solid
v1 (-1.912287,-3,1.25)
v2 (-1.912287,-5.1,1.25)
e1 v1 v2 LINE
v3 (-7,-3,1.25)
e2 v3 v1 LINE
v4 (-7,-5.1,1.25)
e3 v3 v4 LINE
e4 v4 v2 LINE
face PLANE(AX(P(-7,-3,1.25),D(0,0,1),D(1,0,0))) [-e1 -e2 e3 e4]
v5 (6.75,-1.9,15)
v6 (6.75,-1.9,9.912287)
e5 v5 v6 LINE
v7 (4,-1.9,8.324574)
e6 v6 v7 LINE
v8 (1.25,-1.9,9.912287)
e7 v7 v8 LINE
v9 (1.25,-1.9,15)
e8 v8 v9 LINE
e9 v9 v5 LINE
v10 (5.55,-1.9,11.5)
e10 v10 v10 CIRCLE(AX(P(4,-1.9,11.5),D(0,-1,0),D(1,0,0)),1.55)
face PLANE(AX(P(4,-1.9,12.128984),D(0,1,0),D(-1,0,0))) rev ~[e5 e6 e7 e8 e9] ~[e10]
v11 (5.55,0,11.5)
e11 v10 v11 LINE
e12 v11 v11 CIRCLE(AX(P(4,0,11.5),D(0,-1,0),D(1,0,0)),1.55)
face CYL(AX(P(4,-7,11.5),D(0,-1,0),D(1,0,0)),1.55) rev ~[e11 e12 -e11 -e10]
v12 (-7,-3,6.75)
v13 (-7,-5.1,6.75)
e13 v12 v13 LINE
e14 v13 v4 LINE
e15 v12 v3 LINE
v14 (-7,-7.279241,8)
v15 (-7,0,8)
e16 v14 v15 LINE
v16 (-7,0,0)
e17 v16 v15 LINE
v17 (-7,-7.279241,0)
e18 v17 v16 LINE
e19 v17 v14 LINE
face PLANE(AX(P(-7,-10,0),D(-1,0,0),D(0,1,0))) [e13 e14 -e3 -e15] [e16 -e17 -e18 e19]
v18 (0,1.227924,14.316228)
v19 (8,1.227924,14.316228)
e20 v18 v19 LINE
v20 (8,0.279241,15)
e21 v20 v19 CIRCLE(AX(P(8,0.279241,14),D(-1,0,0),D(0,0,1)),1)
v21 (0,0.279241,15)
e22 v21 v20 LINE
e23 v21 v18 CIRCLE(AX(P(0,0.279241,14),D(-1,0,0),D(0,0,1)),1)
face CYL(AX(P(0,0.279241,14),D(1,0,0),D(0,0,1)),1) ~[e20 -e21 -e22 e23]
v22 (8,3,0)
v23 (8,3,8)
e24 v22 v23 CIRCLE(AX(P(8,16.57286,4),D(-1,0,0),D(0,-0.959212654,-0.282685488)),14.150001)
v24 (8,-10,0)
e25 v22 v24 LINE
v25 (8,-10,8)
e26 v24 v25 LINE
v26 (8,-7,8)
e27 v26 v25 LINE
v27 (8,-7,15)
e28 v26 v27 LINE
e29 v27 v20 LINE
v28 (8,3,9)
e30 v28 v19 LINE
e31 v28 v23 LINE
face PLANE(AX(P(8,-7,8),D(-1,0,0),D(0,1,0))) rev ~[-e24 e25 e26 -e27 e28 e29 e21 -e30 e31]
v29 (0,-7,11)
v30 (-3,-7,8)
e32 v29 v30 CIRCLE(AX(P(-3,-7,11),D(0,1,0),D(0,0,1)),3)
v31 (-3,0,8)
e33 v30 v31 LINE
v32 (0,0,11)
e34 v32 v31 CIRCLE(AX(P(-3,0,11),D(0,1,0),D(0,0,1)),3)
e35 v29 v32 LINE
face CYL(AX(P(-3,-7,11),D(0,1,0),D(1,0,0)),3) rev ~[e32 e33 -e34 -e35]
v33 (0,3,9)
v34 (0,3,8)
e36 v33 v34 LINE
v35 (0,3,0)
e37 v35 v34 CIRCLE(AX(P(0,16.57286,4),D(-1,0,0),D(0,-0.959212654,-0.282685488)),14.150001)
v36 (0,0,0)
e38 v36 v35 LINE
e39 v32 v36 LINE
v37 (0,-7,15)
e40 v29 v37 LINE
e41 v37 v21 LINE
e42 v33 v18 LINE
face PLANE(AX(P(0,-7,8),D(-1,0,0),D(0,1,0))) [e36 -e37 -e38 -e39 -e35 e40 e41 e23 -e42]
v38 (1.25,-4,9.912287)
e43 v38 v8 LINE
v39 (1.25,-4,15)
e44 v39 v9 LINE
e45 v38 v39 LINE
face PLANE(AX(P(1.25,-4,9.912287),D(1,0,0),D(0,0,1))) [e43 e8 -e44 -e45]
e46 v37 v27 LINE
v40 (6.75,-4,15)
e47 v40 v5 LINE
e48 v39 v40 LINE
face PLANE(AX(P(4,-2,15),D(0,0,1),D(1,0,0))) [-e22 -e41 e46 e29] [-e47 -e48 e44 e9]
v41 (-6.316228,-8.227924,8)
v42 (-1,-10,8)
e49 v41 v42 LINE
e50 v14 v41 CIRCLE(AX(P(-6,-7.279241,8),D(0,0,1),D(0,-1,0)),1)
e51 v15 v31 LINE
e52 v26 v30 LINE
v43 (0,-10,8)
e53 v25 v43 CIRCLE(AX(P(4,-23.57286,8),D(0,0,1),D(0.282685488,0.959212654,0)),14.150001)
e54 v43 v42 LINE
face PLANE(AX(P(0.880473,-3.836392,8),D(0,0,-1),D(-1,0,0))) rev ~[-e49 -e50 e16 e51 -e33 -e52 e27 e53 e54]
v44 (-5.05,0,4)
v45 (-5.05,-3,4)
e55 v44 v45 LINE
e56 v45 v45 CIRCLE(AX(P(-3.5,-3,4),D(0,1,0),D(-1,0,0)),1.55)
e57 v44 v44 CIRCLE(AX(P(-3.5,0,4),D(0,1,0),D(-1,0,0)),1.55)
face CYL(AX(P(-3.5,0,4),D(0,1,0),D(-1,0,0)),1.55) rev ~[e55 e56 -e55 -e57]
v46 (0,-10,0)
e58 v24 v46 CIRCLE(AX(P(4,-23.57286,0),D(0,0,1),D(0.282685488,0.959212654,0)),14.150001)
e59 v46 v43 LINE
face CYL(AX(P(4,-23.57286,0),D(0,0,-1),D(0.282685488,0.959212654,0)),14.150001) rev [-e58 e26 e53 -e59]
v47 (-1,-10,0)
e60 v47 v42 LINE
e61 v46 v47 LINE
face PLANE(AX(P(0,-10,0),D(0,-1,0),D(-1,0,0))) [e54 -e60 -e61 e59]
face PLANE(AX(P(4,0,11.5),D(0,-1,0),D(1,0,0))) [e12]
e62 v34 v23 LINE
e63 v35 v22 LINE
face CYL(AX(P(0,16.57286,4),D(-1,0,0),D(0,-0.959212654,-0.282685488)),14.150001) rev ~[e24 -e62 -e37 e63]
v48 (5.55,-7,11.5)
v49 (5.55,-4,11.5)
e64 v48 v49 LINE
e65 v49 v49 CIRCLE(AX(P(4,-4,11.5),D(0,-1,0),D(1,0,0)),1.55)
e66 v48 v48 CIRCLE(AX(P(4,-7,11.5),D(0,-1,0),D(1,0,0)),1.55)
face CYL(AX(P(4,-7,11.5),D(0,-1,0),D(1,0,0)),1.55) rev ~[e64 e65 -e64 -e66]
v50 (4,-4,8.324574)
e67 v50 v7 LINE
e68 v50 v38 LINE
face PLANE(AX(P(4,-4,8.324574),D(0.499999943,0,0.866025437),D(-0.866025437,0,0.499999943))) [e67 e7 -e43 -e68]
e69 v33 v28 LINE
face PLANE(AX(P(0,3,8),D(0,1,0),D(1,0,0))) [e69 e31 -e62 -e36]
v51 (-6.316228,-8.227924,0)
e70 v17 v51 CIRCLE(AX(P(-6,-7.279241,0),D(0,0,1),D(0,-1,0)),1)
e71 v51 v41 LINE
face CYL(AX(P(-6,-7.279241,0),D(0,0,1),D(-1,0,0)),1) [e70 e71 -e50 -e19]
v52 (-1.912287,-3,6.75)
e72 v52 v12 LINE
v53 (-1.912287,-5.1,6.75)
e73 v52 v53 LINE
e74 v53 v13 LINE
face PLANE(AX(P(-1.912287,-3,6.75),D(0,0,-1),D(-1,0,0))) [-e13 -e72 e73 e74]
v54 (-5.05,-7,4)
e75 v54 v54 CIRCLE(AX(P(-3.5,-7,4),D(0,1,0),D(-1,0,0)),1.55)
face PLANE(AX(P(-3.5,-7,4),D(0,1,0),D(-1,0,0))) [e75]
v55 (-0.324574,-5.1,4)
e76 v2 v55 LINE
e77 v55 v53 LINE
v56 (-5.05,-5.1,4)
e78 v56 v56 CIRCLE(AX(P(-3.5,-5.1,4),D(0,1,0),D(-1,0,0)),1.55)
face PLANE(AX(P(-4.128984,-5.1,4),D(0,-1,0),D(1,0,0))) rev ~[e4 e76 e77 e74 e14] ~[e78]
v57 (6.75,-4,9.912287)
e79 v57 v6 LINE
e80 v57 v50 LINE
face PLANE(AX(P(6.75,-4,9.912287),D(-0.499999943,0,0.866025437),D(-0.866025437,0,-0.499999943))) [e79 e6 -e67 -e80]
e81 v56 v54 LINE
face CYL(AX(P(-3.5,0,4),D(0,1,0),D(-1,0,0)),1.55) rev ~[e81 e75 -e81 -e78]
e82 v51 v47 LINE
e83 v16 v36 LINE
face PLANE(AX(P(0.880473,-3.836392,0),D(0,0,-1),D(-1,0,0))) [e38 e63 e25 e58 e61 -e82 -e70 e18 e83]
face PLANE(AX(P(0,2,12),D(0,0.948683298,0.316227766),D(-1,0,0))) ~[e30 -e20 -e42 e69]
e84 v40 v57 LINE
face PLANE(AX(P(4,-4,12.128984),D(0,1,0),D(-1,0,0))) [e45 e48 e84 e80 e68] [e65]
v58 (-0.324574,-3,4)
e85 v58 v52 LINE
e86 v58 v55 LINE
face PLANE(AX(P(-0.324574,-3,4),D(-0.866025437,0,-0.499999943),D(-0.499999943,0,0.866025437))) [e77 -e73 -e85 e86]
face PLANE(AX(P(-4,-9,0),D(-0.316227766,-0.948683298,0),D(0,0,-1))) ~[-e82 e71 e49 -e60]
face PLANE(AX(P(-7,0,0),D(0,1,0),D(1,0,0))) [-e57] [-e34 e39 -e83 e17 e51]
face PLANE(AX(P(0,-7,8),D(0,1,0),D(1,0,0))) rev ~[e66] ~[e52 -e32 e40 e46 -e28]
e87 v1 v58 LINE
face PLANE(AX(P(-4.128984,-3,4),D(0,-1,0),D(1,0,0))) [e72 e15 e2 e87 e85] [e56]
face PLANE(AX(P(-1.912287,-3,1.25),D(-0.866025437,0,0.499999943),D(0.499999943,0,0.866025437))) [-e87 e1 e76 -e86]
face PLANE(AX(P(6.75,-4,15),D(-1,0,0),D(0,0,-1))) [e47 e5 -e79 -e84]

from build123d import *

# Parameters (mm, degrees)
EXTRUDE002_DEPTH                          = 2.1
EXTRUDE002_ONTO_SKETCH006_ROLL_ANGLE      = 90
EXTRUDE001_DEPTH                          = 2.1
EXTRUDE001_ONTO_SKETCH005_ROLL_ANGLE      = 90
EXTRUDE001_ONTO_SKETCH005_PLACEMENT_ANGLE = 180
EXTRUDE_DEPTH                             = 8
SKETCH001_W                               = 8
SKETCH001_H                               = 10
PAD_DEPTH                                 = 7
POCKET_DEPTH                              = 8.001
SKETCH003_R                               = 1.55
POCKET001_DEPTH                           = 7
SKETCH004_R                               = 1.55
POCKET002_DEPTH                           = 7
CHAMFER_SIZE2                             = 2
CHAMFER_SIZE                              = 6
CHAMFER001_SIZE2                          = 6
CHAMFER001_SIZE                           = 2
FILLET_1_R                                = 3
FILLET_2_R                                = 1


with BuildPart() as extrude002:
    # Sketch006 as drawn → Extrude002 (new)
    with BuildSketch(Plane.XY):
        Polygon((4, 8.324574), (1.25, 9.912287), (1.25, 15), (6.75, 15), (6.75, 9.912287), align=None)
    extrude(amount=-EXTRUDE002_DEPTH)


with BuildPart() as extrude002_1:
    # Extrude002 onto Sketch006 roll: moved
    add(extrude002.part.rotate(Axis((0, 0, 0), (1, 0, 0)), EXTRUDE002_ONTO_SKETCH006_ROLL_ANGLE))


with BuildPart() as extrude002_2:
    # Extrude002 onto Sketch006 placement: moved
    add(extrude002_1.part.moved(Location((0, -7, 0))))


with BuildPart() as extrude002_3:
    # Extrude002 placement: moved
    add(extrude002_2.part.moved(Location((0, 3, 0))))


with BuildPart() as extrude001:
    # Sketch005 as drawn → Extrude001 (new)
    with BuildSketch(Plane.XY):
        Polygon((0.324574, 4), (1.912287, 6.75), (7, 6.75), (7, 1.25), (1.912287, 1.25), align=None)
    extrude(amount=-EXTRUDE001_DEPTH)


with BuildPart() as extrude001_1:
    # Extrude001 onto Sketch005 roll: moved
    add(extrude001.part.rotate(Axis((0, 0, 0), (1, 0, 0)), EXTRUDE001_ONTO_SKETCH005_ROLL_ANGLE))


with BuildPart() as extrude001_2:
    # Extrude001 onto Sketch005 placement: moved
    add(extrude001_1.part.rotate(Axis((0, 0, 0), (0, 0, 1)), EXTRUDE001_ONTO_SKETCH005_PLACEMENT_ANGLE))


with BuildPart() as extrude001_3:
    # Extrude001 placement: moved
    add(extrude001_2.part.moved(Location((0, -3, 0))))


with BuildPart() as fillet_body:
    # Sketch → Extrude (new body)
    with BuildSketch(Plane.XY):
        with BuildLine():
            Line((0, 0), (0, 3))
            Line((0, 3), (8, 3))
            Line((8, 3), (8, -10))
            ThreePointArc((8, -10), (4, -9.422859), (0, -10))
            Line((0, -10), (-7, -10))
            Line((-7, -10), (-7, 0))
            Line((-7, 0), (0, 0))
        make_face()
    extrude(amount=EXTRUDE_DEPTH)

    # Sketch001 → Pad (new body)
    with BuildSketch(Plane.XY.offset(8)):
        with Locations((4, -2)):
            Rectangle(SKETCH001_W, SKETCH001_H)
    extrude(amount=PAD_DEPTH)

    # Sketch002 → Pocket (cut, through all)
    with BuildSketch(Plane(origin=(0, 0, 0), x_dir=(0, -1, 0), z_dir=(-1, 0, 0))):
        with BuildLine():
            Line((-3, 0), (-3, 8))
            ThreePointArc((-3, 0), (-2.422859, 4), (-3, 8))
        make_face()
    extrude(amount=-POCKET_DEPTH, mode=Mode.SUBTRACT)

    # Sketch003 → Pocket001 (cut)
    with BuildSketch(Plane(origin=(0, 0, 0), x_dir=(-1, 0, 0), z_dir=(0, 1, 0))):
        with Locations((3.5, 4)):
            Circle(SKETCH003_R)
    extrude(amount=-POCKET001_DEPTH, mode=Mode.SUBTRACT)

    # Sketch004 → Pocket002 (cut)
    with BuildSketch(Plane.XZ.offset(7)):
        with Locations((4, 11.5)):
            Circle(SKETCH004_R)
    extrude(amount=-POCKET002_DEPTH, mode=Mode.SUBTRACT)

    # Cut: cut Extrude001
    add(extrude001_3.part, mode=Mode.SUBTRACT)

    # Cut001: cut Extrude002
    add(extrude002_3.part, mode=Mode.SUBTRACT)

    # Chamfer
    chamfer_edges = [fillet_body.edges().sort_by_distance(p)[0] for p in [
        (4, 3, 15),
    ]]
    chamfer_side = fillet_body.faces().sort_by_distance((4, 3, 11.5))[0]
    chamfer(chamfer_edges, length=CHAMFER_SIZE, length2=CHAMFER_SIZE2, reference=chamfer_side)

    # Chamfer001
    chamfer001_edges = [fillet_body.edges().sort_by_distance(p)[0] for p in [
        (-7, -10, 4),
    ]]
    chamfer001_side = fillet_body.faces().sort_by_distance((-7, -5.160299, 4))[0]
    chamfer(chamfer001_edges, length=CHAMFER001_SIZE, length2=CHAMFER001_SIZE2, reference=chamfer001_side)

    # Fillet 1
    fillet_1_edges = [fillet_body.edges().sort_by_distance(p)[0] for p in [
        (0, -3.5, 8),
    ]]
    fillet(fillet_1_edges, radius=FILLET_1_R)

    # Fillet 2
    fillet_2_edges = [fillet_body.edges().sort_by_distance(p)[0] for p in [
        (-7, -8, 4),
        (4, 1, 15),
    ]]
    fillet(fillet_2_edges, radius=FILLET_2_R)


solid = fillet_body.part
